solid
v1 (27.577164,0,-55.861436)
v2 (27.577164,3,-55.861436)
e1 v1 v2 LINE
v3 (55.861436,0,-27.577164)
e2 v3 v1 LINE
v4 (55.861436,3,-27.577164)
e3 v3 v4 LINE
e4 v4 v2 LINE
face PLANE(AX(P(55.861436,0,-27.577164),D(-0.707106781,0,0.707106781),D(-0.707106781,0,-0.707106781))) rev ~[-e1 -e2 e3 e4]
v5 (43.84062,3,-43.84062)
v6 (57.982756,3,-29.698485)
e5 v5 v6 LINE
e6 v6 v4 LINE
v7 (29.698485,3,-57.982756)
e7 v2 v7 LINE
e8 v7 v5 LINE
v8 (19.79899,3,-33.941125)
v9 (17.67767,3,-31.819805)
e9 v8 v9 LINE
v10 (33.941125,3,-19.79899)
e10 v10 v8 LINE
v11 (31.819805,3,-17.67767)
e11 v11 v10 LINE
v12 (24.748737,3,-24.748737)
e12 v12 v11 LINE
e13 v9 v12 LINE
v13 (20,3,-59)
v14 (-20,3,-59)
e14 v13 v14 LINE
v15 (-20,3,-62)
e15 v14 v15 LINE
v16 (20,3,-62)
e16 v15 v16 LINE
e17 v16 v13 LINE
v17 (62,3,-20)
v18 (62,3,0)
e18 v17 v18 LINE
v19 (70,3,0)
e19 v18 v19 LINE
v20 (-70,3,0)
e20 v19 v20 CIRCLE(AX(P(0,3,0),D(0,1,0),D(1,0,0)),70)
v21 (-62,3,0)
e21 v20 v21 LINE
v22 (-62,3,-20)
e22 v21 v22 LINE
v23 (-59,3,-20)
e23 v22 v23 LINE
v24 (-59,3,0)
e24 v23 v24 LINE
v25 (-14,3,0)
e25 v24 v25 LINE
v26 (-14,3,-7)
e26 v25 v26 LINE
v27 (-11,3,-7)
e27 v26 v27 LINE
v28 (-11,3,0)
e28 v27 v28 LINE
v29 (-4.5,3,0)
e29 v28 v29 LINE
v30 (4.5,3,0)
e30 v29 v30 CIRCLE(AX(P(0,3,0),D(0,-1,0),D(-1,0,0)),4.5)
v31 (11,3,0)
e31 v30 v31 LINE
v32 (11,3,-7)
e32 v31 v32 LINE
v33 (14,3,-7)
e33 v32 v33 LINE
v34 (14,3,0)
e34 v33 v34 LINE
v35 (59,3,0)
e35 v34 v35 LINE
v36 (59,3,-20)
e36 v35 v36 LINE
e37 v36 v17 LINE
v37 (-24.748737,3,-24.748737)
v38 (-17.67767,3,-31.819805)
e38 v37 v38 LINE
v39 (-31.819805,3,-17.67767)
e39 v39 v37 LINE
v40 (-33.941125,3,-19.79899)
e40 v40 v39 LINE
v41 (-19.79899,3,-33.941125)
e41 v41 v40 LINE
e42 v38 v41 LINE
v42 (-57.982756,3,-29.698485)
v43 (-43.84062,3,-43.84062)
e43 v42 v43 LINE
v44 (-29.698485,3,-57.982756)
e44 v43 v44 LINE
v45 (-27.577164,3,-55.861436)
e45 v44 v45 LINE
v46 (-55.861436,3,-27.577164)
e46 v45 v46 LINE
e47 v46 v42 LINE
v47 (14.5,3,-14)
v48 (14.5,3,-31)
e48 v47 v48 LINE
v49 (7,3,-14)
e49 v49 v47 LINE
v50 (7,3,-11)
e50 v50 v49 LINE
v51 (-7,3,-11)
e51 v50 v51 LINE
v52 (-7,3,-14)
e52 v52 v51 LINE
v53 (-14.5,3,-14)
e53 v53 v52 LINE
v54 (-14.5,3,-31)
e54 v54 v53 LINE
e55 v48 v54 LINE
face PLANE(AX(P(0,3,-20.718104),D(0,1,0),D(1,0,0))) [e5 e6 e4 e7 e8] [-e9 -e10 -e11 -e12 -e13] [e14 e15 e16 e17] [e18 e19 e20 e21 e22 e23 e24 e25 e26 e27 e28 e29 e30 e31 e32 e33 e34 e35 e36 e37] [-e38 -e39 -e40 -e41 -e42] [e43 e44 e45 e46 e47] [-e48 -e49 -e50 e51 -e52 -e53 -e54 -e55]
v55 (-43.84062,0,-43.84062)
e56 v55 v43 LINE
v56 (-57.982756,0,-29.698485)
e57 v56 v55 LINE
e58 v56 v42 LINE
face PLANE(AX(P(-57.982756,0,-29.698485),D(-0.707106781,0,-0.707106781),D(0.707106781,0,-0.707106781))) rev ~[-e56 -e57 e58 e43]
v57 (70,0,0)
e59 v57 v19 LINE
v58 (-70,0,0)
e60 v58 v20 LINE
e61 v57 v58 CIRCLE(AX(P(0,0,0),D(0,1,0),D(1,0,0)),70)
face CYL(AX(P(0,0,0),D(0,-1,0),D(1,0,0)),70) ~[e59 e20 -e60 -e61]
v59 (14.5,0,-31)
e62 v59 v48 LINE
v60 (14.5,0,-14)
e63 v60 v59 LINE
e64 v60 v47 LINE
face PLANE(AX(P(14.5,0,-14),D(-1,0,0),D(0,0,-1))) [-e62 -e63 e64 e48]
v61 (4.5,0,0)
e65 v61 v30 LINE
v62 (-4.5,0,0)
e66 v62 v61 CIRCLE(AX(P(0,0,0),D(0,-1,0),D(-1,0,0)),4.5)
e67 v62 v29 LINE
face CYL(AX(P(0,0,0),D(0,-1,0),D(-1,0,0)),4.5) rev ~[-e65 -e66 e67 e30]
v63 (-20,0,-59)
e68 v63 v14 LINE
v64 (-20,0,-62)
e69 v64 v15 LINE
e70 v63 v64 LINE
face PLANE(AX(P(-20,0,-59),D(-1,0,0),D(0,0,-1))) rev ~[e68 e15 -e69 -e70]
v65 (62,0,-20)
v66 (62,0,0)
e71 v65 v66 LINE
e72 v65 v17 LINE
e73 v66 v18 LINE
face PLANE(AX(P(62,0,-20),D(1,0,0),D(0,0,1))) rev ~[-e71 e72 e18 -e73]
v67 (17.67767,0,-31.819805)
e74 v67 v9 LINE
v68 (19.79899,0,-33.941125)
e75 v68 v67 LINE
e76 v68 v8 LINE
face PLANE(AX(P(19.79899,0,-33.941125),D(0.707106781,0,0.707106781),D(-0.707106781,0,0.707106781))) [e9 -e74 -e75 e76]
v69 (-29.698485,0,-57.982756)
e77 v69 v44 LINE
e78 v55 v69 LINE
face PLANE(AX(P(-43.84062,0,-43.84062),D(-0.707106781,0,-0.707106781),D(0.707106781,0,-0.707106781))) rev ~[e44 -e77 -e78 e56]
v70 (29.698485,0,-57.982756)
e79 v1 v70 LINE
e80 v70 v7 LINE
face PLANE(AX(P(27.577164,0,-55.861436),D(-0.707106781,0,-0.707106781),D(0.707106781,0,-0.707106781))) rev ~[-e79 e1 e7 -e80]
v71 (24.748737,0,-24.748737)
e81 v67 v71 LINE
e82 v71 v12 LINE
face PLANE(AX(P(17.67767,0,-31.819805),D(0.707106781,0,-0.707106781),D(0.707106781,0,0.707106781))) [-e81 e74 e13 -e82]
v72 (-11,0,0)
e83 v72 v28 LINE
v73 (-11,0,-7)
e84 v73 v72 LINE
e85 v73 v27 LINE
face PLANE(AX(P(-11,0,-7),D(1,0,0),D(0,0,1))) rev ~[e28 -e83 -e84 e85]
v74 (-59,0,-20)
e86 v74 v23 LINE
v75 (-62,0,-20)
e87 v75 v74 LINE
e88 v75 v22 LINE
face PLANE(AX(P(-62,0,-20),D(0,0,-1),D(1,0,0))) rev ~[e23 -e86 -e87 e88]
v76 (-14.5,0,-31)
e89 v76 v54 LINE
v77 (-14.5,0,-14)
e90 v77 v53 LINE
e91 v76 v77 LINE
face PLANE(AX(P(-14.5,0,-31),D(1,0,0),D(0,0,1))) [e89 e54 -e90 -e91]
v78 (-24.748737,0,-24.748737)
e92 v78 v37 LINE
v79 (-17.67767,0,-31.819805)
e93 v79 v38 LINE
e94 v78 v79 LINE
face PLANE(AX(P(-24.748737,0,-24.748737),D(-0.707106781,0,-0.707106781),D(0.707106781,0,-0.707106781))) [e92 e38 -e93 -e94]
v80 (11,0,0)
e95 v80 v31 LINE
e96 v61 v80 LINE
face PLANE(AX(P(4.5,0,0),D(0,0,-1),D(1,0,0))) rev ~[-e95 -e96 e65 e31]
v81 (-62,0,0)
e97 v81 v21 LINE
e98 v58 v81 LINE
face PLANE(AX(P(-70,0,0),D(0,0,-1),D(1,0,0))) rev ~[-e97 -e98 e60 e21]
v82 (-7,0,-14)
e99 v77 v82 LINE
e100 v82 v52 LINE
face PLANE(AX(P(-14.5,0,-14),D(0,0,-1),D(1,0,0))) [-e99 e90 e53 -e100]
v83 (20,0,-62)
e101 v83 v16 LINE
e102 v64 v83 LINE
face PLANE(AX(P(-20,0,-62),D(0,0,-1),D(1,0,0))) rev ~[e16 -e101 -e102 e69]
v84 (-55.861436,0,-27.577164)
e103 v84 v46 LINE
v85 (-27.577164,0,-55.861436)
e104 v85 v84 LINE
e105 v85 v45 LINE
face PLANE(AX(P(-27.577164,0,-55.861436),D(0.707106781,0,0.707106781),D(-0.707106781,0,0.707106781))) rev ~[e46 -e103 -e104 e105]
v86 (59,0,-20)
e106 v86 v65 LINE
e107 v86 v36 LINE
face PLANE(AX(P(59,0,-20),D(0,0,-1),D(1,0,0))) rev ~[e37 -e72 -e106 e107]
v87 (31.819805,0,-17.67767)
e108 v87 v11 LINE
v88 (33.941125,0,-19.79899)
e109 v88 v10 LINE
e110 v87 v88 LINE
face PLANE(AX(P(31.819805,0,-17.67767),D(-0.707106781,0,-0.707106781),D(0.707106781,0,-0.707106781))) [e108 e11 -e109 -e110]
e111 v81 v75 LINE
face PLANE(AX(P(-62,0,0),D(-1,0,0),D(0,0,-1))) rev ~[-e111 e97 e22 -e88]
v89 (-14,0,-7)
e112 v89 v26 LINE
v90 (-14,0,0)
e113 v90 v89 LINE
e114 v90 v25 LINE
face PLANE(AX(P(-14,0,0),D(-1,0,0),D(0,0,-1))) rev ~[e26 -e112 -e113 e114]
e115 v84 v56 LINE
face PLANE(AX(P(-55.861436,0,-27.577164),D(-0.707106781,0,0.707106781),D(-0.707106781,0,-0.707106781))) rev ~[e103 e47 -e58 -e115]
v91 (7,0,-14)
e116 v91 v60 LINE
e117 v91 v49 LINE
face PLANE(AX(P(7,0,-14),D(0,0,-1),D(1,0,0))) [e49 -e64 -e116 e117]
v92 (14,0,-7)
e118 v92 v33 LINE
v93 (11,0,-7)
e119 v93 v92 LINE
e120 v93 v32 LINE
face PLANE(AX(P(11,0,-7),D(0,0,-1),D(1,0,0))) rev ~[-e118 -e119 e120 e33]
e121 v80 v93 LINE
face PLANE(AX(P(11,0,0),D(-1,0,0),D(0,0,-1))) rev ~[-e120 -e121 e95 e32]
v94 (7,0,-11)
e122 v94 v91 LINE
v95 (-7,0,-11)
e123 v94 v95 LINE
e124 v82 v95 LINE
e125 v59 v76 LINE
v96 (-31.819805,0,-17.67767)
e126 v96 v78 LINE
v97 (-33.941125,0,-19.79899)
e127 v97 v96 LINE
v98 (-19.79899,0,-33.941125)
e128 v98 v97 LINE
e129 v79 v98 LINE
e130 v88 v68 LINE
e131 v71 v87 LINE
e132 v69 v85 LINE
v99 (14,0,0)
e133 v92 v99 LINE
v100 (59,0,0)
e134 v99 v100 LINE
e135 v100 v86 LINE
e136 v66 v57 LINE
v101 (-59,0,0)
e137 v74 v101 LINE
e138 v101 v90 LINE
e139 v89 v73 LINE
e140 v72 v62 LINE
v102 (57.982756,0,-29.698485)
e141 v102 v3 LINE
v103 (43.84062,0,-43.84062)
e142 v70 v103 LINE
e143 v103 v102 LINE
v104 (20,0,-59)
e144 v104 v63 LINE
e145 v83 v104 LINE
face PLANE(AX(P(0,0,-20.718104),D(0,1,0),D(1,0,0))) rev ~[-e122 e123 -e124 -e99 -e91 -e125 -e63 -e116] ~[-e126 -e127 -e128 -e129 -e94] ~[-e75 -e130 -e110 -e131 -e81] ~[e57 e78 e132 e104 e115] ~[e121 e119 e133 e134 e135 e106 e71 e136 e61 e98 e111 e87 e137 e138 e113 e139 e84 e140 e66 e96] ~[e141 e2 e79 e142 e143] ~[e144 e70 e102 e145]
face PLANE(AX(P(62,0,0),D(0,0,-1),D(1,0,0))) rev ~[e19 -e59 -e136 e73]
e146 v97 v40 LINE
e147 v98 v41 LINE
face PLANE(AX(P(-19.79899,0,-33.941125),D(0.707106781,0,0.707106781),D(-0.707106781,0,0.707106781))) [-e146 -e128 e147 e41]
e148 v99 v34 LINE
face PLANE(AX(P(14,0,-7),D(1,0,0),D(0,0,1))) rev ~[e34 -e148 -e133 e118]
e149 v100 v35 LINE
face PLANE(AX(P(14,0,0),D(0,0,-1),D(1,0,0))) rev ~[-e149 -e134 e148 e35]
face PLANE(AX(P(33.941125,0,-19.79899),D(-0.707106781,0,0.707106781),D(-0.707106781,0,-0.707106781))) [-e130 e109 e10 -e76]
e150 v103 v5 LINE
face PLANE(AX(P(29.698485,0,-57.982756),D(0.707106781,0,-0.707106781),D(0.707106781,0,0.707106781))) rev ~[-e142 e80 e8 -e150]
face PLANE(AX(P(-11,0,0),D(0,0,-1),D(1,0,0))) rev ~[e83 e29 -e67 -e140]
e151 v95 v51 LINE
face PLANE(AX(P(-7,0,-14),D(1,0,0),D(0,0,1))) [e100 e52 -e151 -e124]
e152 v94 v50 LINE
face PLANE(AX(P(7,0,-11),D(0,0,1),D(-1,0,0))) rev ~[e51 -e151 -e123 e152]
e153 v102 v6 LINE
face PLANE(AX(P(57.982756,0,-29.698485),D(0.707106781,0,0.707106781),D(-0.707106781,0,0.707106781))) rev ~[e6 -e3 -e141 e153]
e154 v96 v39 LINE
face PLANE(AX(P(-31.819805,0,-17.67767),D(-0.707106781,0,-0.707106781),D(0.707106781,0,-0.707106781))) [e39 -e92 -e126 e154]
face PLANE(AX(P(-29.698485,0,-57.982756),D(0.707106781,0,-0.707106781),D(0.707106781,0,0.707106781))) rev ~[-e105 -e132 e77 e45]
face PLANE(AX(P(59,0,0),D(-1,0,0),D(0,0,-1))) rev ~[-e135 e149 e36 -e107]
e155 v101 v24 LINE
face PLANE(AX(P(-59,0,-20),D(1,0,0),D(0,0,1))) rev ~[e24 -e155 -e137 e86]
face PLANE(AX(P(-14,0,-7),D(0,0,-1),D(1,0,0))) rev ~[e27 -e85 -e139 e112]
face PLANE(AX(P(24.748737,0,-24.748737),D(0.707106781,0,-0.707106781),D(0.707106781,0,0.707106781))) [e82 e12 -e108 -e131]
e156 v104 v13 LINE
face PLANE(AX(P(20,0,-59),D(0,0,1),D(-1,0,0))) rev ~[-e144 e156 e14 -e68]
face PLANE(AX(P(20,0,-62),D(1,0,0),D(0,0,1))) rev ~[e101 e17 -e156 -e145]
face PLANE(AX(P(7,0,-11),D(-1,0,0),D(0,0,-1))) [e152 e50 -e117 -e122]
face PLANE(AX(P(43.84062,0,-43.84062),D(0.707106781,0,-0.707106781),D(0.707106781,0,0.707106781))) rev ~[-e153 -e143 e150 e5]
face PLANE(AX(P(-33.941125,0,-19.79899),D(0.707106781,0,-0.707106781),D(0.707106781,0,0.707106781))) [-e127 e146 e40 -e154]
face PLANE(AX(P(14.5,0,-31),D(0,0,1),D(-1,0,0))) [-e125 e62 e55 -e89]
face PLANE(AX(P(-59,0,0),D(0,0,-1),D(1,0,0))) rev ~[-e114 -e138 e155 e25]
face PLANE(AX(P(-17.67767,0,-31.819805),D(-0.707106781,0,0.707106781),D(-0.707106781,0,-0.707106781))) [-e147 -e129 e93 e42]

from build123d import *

# Parameters (mm, degrees)
SALIENTE_EXTRUIR1_DEPTH = 3


with BuildPart() as part:
    # Croquis1 → Saliente-Extruir1 (new body)
    with BuildSketch(Plane(origin=(0, 0, 0), x_dir=(1, 0, 0), z_dir=(0, 1, 0))):
        with BuildLine():
            Line((11, 0), (11, 7))
            Line((11, 7), (14, 7))
            Line((14, 7), (14, 0))
            Line((14, 0), (17, 0))
            Line((17, 0), (59, 0))
            Line((59, 0), (59, 20))
            Line((59, 20), (62, 20))
            Line((62, 20), (62, 0))
            Line((62, 0), (70, 0))
            ThreePointArc((70, 0), (0, 70), (-70, 0))
            Line((-70, 0), (-62, 0))
            Line((-62, 0), (-62, 20))
            Line((-62, 20), (-59, 20))
            Line((-59, 20), (-59, 0))
            Line((-59, 0), (-17, 0))
            Line((-17, 0), (-14, 0))
            Line((-14, 0), (-14, 7))
            Line((-14, 7), (-11, 7))
            Line((-11, 7), (-11, 0))
            Line((-11, 0), (-4.5, 0))
            ThreePointArc((-4.5, 0), (0, 4.5), (4.5, 0))
            Line((4.5, 0), (11, 0))
        make_face()
        Polygon((0, 11), (7, 11), (7, 14), (14.5, 14), (14.5, 31), (-14.5, 31), (-14.5, 14), (-7, 14), (-7, 11), align=None, mode=Mode.SUBTRACT)
        Polygon((24.748737342, 24.748737342), (31.819805153, 17.67766953), (33.941125497, 19.798989873), (19.798989873, 33.941125497), (17.67766953, 31.819805153), align=None, mode=Mode.SUBTRACT)
        Polygon((-24.748737342, 24.748737342), (-17.67766953, 31.819805153), (-19.798989873, 33.941125497), (-33.941125497, 19.798989873), (-31.819805153, 17.67766953), align=None, mode=Mode.SUBTRACT)
        Polygon((0, 62), (20, 62), (20, 59), (-20, 59), (-20, 62), align=None, mode=Mode.SUBTRACT)
        Polygon((55.861435714, 27.577164466), (27.577164466, 55.861435714), (29.69848481, 57.982756057), (43.840620434, 43.840620434), (57.982756057, 29.69848481), align=None, mode=Mode.SUBTRACT)
        Polygon((-27.577164466, 55.861435714), (-55.861435714, 27.577164466), (-57.982756057, 29.69848481), (-43.840620434, 43.840620434), (-29.69848481, 57.982756057), align=None, mode=Mode.SUBTRACT)
    extrude(amount=SALIENTE_EXTRUIR1_DEPTH)


solid = part.part
